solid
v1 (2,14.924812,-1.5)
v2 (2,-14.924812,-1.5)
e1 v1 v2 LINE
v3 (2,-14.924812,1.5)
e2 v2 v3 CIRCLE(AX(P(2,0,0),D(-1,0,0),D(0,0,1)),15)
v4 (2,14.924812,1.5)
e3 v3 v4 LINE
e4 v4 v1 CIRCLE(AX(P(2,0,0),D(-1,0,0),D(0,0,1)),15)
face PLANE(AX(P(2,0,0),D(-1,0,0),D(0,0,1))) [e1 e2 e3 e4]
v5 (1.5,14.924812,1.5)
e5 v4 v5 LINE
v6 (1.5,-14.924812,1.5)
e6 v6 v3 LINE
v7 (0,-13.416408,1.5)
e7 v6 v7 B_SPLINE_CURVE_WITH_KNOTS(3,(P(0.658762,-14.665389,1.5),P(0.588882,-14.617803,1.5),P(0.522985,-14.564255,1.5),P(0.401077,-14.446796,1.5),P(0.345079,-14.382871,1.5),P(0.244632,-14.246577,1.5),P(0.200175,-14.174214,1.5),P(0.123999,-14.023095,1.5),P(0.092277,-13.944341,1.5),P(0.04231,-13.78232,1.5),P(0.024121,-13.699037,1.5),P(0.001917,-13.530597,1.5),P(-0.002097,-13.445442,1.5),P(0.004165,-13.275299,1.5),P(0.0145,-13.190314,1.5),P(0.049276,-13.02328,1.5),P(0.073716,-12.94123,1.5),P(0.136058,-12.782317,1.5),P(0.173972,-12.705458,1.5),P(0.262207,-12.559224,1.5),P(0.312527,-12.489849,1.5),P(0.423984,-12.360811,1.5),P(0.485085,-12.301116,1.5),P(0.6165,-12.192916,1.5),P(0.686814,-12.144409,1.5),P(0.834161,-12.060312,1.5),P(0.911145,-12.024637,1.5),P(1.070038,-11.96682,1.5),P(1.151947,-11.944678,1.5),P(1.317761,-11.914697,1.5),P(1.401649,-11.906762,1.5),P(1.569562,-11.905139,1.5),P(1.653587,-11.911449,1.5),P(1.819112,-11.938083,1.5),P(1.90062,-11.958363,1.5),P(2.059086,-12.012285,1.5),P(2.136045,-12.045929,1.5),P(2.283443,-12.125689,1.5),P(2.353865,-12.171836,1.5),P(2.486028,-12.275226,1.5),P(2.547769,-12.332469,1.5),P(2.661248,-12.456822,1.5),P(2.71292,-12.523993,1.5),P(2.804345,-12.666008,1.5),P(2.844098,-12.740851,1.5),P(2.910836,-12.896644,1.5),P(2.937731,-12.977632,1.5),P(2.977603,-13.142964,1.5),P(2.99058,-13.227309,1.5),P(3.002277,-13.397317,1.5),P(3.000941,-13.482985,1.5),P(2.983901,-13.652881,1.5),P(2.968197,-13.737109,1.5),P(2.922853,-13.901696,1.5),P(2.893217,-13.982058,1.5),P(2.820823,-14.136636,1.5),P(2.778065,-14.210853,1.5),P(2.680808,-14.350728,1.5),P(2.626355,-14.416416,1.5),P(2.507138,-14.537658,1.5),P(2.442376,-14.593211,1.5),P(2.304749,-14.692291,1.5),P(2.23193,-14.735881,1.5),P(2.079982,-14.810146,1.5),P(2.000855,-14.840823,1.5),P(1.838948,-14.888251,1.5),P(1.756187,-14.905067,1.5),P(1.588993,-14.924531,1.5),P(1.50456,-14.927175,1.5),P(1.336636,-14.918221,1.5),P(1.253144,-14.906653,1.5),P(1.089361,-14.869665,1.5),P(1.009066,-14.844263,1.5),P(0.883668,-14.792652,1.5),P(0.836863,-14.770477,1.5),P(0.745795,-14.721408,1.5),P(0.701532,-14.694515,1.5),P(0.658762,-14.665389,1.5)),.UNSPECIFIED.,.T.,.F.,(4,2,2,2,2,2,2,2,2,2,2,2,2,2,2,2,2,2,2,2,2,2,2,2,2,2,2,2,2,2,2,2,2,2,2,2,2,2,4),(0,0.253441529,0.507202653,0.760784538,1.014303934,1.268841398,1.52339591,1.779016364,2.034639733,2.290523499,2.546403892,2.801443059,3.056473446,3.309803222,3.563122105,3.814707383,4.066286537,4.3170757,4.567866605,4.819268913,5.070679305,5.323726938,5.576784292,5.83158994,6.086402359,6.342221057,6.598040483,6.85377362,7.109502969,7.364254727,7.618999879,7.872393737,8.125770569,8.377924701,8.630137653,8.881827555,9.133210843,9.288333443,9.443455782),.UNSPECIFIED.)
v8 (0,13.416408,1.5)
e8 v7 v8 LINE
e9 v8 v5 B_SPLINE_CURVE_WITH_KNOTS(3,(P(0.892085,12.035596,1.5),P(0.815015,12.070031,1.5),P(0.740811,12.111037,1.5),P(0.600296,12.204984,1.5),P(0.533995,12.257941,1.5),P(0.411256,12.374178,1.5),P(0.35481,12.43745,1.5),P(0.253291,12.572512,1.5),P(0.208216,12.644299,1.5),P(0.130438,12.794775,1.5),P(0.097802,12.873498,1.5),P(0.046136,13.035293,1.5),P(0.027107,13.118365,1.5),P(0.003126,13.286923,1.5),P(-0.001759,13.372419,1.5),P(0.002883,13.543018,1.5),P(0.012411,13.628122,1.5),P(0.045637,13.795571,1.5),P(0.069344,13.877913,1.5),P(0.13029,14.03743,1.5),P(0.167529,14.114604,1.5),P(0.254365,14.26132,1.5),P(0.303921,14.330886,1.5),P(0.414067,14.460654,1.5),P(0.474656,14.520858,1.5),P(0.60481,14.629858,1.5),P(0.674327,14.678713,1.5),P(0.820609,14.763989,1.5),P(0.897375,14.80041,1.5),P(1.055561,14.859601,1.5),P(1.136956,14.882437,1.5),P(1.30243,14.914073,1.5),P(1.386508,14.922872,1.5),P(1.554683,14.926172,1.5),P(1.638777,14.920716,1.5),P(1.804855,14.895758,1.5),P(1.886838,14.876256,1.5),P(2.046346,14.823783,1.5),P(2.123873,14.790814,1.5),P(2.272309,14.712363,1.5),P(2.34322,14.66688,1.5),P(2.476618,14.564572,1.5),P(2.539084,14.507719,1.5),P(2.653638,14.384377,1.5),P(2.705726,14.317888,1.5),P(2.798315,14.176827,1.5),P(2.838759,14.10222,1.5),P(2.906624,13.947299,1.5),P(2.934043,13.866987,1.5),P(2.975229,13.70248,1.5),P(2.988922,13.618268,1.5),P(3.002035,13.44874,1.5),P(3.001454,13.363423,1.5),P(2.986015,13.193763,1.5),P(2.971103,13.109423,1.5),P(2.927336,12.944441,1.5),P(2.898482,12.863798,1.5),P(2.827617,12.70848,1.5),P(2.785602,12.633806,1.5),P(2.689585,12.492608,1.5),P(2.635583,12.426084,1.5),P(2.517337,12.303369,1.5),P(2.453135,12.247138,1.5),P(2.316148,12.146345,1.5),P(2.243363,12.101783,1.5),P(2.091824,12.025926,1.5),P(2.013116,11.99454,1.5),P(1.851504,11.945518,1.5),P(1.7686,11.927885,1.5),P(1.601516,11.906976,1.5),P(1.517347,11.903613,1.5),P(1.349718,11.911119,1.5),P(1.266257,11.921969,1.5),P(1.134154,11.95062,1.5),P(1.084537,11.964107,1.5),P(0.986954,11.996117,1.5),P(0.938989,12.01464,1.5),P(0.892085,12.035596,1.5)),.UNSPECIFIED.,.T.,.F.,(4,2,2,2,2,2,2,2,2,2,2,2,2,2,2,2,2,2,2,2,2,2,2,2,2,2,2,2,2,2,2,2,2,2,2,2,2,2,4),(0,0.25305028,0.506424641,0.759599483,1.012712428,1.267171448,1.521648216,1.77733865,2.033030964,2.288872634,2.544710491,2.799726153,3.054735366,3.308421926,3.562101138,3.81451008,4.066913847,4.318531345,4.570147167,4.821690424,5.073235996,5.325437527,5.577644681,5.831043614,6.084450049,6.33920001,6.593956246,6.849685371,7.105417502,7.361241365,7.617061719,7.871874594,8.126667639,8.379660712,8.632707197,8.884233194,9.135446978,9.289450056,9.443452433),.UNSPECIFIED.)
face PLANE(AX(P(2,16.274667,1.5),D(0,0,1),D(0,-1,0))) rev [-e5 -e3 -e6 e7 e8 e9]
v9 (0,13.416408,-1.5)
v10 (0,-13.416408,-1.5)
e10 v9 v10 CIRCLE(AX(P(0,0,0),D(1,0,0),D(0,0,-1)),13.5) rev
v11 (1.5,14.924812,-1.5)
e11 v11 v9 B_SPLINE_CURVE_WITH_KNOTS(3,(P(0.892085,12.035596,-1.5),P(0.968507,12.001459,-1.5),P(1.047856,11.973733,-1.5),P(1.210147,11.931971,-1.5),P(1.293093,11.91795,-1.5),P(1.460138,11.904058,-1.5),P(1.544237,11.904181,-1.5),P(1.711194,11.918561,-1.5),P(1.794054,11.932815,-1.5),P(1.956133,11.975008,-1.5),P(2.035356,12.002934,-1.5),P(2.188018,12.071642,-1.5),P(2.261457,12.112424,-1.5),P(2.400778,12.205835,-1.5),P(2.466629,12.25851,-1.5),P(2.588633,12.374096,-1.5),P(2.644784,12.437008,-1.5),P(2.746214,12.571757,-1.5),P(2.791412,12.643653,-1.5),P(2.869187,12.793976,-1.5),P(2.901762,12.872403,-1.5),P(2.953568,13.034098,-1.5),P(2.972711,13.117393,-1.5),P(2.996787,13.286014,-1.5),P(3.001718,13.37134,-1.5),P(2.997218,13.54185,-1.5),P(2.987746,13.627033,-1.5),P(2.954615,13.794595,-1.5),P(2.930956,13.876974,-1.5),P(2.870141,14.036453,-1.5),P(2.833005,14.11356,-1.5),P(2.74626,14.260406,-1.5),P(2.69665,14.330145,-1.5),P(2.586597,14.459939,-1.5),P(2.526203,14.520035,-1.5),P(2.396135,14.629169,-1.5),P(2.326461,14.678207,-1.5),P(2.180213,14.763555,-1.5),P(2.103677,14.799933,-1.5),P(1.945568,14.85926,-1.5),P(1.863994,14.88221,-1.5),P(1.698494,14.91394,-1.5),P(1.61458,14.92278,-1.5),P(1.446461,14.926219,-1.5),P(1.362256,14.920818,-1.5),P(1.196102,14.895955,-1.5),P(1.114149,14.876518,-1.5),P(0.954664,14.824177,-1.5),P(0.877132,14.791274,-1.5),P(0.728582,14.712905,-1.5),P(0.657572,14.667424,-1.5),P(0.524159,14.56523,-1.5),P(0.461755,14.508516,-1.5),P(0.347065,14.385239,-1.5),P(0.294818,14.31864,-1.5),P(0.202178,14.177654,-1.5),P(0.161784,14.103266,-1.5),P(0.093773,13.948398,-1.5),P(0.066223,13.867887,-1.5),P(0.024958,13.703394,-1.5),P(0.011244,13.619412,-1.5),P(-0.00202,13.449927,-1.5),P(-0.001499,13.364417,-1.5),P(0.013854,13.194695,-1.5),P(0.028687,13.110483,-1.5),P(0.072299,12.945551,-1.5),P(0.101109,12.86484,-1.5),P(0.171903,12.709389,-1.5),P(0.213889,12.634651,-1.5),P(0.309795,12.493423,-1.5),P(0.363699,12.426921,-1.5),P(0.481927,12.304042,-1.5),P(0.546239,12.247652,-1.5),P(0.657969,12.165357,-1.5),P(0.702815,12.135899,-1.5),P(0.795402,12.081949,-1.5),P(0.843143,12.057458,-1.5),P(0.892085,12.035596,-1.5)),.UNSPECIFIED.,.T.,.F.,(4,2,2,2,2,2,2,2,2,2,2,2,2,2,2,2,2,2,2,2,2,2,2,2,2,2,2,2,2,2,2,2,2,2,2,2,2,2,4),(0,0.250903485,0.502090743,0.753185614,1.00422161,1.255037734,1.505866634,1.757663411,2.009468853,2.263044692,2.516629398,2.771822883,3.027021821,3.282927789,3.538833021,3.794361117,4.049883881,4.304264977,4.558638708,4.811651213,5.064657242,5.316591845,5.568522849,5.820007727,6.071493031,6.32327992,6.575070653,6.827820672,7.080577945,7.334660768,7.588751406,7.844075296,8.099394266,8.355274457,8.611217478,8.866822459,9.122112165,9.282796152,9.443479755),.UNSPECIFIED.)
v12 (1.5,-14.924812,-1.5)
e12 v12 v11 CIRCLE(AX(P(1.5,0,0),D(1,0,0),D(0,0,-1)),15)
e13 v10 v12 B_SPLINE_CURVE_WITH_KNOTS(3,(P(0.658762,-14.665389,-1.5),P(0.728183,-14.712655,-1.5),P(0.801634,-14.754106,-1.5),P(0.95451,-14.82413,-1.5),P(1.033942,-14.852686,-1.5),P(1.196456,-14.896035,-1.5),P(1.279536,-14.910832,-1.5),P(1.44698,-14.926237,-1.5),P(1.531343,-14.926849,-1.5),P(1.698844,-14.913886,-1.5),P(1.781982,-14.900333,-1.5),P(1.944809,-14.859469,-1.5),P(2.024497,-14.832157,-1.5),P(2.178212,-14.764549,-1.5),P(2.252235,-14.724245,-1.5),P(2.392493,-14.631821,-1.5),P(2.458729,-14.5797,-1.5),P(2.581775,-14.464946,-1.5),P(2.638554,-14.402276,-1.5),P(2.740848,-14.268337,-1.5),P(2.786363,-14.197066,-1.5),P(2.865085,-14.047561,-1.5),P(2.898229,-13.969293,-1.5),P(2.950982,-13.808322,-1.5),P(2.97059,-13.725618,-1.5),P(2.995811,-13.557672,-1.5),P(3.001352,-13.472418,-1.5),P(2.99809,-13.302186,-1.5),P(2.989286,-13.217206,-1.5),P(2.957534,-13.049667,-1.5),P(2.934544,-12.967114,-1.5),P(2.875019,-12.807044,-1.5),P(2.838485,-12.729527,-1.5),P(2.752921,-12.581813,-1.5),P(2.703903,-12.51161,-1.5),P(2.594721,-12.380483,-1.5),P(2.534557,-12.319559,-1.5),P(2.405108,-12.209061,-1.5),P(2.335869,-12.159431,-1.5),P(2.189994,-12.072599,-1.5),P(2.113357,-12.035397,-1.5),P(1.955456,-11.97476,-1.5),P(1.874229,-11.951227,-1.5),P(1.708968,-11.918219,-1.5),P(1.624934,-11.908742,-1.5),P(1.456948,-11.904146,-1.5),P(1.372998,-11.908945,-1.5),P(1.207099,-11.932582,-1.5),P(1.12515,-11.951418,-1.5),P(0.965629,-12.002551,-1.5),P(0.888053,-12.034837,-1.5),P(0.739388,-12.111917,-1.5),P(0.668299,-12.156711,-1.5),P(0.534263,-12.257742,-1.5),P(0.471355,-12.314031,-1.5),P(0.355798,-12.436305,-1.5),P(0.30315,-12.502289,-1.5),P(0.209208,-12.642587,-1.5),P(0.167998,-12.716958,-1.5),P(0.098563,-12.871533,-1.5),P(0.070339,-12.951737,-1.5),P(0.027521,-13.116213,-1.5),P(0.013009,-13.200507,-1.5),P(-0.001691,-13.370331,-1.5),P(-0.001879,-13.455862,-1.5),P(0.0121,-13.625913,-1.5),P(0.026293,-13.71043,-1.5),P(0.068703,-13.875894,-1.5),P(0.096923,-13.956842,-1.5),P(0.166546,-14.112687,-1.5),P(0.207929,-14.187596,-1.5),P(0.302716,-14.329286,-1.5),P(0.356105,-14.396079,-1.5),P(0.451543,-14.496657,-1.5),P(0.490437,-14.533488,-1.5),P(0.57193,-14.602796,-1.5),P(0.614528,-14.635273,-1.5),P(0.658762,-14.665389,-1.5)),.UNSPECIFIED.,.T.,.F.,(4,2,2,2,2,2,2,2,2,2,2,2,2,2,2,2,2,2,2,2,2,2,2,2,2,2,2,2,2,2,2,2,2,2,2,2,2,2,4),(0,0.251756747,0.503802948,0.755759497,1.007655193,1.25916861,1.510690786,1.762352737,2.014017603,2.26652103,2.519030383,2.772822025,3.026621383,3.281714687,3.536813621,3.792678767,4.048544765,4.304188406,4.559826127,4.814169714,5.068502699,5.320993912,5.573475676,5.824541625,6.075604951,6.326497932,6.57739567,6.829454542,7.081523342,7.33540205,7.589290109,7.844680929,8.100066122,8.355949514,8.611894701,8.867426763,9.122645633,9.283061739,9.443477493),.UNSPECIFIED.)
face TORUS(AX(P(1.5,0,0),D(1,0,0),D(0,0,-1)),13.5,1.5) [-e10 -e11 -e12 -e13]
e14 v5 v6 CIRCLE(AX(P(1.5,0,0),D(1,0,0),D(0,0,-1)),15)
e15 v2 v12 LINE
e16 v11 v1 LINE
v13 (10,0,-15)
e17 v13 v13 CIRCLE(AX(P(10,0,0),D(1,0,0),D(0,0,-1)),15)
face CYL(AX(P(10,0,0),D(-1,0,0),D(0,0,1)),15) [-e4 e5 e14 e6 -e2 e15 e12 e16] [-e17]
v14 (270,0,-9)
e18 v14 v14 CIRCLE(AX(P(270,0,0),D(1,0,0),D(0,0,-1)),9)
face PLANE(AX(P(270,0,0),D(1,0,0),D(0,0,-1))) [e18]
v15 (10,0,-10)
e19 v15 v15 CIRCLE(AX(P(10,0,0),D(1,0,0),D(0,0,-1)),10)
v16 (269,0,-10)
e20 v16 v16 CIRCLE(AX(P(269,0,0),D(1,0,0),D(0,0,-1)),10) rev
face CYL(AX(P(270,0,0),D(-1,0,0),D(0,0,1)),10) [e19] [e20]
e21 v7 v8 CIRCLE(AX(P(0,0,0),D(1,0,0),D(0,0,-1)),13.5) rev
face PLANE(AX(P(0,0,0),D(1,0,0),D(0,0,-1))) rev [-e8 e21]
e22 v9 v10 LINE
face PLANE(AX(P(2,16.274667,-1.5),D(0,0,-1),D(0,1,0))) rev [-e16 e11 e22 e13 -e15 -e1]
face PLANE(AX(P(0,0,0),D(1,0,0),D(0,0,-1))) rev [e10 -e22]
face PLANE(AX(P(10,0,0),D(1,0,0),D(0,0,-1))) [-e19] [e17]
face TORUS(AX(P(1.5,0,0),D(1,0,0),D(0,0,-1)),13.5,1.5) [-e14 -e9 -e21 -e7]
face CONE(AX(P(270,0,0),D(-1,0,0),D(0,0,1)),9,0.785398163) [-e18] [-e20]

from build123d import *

# Parameters (mm, degrees)
SKETCH1_R           = 15
SKETCH1_R_2         = 10
BOSS_EXTRUDE1_DEPTH = 10
SKETCH1_2_R         = 10
BOSS_EXTRUDE2_DEPTH = 270
CHAMFER1_SIZE       = 1
FILLET1_R           = 1.5
SKETCH2_W           = 3
SKETCH2_H           = 32.549334764
CUT_EXTRUDE1_DEPTH  = 2


with BuildPart() as part:
    # Sketch1 → Boss-Extrude1 (new body)
    with BuildSketch(Plane(origin=(0, 0, 0), x_dir=(0, 0, -1), z_dir=(1, 0, 0))):
        Circle(SKETCH1_R)
        Circle(SKETCH1_R_2, mode=Mode.SUBTRACT)
    extrude(amount=BOSS_EXTRUDE1_DEPTH)

    # Sketch1<2> → Boss-Extrude2 (add)
    with BuildSketch(Plane(origin=(0, 0, 0), x_dir=(0, 0, -1), z_dir=(1, 0, 0))):
        Circle(SKETCH1_2_R)
    extrude(amount=BOSS_EXTRUDE2_DEPTH)

    # Chamfer1
    chamfer1_edges = [part.edges().sort_by_distance(p)[0] for p in [
        (270, 0, 10),
    ]]
    chamfer(chamfer1_edges, length=CHAMFER1_SIZE)

    # Fillet1
    fillet1_edges = [part.edges().sort_by_distance(p)[0] for p in [
        (0, 0, 15),
    ]]
    fillet(fillet1_edges, radius=FILLET1_R)

    # Sketch2 → Cut-Extrude1 (cut)
    with BuildSketch(Plane.ZY):
        Rectangle(SKETCH2_W, SKETCH2_H)
    extrude(amount=-CUT_EXTRUDE1_DEPTH, mode=Mode.SUBTRACT)


solid = part.part
